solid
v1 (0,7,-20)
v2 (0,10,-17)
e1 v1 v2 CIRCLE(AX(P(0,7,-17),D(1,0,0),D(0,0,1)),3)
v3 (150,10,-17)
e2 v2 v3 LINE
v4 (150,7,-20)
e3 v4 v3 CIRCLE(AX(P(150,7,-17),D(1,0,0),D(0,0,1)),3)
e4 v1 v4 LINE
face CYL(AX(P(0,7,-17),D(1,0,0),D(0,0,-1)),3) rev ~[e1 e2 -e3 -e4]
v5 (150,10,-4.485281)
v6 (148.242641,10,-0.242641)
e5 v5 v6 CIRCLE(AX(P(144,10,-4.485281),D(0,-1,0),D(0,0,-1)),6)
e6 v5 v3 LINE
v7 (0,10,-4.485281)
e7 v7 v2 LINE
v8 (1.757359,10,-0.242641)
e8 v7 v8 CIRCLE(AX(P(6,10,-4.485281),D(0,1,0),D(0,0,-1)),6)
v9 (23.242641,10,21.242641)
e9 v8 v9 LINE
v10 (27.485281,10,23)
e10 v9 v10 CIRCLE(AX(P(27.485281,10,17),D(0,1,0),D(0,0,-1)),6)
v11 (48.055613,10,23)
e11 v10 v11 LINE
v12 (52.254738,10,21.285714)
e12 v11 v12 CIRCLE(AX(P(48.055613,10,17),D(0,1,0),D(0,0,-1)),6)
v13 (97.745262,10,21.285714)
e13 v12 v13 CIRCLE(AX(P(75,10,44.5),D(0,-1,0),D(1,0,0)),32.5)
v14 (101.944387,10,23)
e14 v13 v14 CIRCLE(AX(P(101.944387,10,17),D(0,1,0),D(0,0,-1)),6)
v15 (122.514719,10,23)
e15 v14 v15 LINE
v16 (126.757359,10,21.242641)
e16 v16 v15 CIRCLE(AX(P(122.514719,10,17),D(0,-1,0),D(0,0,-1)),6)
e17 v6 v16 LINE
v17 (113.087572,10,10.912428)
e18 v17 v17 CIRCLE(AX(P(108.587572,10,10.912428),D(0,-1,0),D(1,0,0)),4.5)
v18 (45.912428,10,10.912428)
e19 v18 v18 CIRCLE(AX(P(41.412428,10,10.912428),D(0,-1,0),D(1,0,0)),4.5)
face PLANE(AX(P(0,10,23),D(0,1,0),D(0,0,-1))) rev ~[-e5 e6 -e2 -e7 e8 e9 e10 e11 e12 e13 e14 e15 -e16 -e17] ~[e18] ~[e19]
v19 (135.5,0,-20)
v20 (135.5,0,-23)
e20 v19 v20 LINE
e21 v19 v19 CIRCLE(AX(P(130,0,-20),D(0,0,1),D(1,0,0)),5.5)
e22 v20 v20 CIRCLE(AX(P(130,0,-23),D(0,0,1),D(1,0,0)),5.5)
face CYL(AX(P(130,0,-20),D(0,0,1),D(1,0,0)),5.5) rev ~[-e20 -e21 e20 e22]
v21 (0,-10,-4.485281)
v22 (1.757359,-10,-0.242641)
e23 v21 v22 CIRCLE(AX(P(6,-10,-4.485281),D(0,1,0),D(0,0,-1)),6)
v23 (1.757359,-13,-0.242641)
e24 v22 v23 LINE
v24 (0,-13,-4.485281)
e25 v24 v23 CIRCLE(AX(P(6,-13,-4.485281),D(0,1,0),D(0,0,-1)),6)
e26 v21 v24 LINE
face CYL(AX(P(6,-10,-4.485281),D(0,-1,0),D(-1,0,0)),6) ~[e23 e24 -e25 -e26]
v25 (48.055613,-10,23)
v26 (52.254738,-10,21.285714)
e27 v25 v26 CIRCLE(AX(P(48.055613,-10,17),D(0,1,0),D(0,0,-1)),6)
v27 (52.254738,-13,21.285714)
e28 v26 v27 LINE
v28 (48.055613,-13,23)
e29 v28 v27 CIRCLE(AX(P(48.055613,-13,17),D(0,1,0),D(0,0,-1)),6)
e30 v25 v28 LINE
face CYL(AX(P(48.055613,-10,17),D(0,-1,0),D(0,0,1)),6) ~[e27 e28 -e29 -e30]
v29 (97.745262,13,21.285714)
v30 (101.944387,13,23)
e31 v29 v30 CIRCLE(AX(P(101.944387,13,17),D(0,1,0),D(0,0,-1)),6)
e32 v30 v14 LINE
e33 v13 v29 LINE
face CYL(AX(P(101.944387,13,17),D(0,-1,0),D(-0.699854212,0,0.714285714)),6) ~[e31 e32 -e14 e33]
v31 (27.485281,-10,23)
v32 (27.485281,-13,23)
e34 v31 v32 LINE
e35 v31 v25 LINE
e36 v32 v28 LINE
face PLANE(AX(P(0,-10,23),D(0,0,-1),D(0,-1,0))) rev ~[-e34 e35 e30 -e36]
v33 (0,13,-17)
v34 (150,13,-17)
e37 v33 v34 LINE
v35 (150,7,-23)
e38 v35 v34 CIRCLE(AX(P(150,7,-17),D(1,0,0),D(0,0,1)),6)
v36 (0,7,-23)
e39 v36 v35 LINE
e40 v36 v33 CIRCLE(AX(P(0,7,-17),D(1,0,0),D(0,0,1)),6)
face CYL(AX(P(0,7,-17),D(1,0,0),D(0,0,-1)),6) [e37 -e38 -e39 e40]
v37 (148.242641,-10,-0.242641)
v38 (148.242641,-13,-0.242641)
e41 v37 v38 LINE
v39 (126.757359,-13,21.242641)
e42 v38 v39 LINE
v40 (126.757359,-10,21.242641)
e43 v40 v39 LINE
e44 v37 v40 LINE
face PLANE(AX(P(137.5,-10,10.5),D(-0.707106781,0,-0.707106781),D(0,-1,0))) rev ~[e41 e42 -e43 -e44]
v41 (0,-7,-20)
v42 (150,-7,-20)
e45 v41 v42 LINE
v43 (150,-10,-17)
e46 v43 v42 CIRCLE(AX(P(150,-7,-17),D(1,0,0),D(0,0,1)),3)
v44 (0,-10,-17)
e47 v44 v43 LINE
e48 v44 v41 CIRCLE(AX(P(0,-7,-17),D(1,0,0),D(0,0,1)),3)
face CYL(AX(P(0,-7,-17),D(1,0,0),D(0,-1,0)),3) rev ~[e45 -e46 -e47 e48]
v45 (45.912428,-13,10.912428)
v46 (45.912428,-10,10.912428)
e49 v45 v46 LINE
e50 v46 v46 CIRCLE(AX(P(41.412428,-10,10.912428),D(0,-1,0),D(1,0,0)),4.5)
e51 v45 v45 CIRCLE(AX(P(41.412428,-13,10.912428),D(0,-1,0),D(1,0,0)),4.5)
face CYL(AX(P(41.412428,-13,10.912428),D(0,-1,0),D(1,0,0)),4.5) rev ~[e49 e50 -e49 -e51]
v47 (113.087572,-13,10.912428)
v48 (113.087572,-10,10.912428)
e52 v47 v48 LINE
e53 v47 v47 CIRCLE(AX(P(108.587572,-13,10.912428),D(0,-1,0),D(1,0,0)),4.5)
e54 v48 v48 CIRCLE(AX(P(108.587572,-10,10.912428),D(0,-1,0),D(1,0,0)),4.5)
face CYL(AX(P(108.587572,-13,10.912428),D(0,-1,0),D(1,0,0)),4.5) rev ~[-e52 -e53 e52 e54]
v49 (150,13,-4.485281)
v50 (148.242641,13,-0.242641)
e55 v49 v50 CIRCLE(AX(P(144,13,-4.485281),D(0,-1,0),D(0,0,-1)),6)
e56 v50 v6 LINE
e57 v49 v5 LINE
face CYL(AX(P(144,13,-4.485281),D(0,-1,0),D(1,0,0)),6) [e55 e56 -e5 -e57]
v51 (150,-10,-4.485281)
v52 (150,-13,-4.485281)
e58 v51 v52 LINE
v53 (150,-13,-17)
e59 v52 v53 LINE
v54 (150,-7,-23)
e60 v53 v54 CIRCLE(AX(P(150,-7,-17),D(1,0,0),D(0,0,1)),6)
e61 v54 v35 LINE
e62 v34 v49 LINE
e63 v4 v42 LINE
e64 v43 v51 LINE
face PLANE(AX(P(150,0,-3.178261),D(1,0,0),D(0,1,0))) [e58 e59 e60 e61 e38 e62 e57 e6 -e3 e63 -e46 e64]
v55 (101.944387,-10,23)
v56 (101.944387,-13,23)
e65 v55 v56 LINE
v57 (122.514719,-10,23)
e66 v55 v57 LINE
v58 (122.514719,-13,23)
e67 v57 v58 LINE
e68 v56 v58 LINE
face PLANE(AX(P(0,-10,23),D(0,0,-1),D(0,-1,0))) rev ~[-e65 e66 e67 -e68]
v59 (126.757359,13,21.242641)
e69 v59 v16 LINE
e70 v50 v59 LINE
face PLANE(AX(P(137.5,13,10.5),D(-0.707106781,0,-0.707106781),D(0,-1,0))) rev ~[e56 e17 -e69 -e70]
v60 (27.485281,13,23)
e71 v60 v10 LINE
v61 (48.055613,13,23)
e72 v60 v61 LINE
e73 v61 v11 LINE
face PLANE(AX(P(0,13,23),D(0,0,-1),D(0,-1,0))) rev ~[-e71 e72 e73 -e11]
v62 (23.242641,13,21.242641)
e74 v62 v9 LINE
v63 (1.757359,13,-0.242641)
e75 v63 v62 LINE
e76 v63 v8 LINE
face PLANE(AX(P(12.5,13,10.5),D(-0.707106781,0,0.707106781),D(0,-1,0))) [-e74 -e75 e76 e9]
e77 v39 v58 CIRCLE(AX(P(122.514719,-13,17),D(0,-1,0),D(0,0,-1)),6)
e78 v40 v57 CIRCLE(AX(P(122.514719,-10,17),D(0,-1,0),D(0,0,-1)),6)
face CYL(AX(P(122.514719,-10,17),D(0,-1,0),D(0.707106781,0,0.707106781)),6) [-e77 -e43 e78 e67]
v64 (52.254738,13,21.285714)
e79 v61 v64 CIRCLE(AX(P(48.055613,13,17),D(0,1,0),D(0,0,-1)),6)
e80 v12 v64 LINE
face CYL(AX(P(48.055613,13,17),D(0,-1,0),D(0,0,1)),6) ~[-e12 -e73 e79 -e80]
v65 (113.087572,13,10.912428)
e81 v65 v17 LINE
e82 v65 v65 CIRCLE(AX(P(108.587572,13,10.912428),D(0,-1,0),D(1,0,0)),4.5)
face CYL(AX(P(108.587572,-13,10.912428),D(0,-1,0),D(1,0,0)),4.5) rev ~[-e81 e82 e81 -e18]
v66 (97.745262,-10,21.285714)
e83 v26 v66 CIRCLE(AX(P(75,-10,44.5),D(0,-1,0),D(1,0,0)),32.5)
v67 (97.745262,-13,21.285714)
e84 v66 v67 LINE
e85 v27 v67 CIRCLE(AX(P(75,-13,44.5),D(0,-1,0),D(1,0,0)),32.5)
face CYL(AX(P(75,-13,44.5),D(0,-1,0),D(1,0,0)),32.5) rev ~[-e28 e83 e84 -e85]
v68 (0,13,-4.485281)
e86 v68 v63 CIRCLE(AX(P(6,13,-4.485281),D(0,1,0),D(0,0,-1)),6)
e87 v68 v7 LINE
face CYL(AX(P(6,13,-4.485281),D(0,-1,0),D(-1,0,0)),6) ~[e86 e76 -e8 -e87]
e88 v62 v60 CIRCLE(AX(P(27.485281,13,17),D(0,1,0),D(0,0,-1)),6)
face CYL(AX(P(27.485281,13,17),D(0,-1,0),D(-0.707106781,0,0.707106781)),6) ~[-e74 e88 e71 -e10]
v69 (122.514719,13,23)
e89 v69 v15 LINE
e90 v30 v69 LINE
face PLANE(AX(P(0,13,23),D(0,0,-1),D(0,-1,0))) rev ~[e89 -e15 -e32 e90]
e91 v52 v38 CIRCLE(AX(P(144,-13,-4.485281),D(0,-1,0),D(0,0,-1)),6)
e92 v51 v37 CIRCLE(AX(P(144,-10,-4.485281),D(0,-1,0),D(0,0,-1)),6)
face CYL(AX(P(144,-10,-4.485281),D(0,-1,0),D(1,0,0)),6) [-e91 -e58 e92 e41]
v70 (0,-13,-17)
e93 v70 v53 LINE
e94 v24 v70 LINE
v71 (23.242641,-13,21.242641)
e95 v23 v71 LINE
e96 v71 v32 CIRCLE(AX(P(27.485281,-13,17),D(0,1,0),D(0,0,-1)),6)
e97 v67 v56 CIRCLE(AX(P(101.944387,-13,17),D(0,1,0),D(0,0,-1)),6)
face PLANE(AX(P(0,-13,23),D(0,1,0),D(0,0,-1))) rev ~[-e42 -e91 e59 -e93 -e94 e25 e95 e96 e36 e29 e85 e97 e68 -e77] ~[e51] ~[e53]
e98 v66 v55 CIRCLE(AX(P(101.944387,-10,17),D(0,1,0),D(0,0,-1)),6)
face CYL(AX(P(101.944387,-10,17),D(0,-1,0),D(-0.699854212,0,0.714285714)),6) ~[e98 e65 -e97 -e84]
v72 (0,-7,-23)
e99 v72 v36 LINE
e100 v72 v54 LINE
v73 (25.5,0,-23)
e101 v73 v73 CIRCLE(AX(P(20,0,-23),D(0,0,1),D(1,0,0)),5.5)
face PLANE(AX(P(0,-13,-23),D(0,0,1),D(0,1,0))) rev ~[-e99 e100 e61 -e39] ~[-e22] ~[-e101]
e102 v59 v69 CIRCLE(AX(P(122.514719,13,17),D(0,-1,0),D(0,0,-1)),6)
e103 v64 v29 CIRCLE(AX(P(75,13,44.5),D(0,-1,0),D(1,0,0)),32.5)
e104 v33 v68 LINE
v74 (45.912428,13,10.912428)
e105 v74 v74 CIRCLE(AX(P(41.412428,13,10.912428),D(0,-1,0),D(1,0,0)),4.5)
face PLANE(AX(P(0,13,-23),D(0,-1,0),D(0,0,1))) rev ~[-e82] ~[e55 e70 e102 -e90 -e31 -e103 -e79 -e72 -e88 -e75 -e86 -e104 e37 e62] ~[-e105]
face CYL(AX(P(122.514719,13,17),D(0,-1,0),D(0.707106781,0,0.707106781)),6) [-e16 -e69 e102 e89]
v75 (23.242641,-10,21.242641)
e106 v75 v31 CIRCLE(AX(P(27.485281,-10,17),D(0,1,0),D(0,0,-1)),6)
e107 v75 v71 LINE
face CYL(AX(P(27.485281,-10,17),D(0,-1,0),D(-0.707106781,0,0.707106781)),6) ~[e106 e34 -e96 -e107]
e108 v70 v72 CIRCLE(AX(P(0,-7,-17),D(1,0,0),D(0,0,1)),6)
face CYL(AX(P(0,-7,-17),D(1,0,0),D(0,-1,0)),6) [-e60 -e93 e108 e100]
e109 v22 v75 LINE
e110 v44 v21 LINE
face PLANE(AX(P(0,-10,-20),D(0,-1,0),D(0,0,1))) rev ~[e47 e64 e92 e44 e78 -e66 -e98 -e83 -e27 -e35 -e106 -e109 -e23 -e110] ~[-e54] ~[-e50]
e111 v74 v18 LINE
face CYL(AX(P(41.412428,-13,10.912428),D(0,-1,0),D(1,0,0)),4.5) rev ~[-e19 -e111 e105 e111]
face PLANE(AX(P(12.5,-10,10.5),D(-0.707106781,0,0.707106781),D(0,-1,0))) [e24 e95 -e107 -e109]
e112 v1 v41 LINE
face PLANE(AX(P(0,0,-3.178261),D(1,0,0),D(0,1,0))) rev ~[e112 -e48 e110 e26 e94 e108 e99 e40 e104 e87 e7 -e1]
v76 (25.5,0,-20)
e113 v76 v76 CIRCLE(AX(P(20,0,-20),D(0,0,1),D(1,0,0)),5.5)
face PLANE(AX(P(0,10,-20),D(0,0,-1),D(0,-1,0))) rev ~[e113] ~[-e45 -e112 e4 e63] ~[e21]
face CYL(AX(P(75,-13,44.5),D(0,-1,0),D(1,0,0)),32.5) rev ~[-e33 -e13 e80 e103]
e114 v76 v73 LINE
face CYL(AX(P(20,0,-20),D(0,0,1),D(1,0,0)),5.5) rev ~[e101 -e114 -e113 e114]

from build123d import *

# Parameters (mm, degrees)
F1_DEPTH = 150
F2_R     = 32.5
F2_R_2   = 4.5
F3_DEPTH = 50
F4_R     = 5.5
F5_DEPTH = 25
F6_SIZE  = 25
F7_R     = 6
F8_DEPTH = 25
F9_R     = 3


with BuildPart() as f1:
    # F0 (on Right) → F1 (new body)
    with BuildSketch(Plane.YZ):
        Polygon((-13, -23), (13, -23), (13, 23), (10, 23), (10, -20), (-10, -20), (-10, 23), (-13, 23), align=None)
    extrude(amount=F1_DEPTH)

    # F2 (on face) → F3 (cut)
    with BuildSketch(Plane.XZ.offset(13)):
        with Locations((75, 44.5)):
            Circle(F2_R)
        with Locations((108.5875721064, 10.9124278936)):
            Circle(F2_R_2)
        with Locations((41.4124278936, 10.9124278936)):
            Circle(F2_R_2)
    extrude(amount=-F3_DEPTH, mode=Mode.SUBTRACT)

    # F4 (on face) → F5 (cut)
    with BuildSketch(Plane.XY.offset(-20)):
        with Locations((20, 0)):
            Circle(F4_R)
        with Locations((130, 0)):
            Circle(F4_R)
    extrude(amount=-F5_DEPTH, mode=Mode.SUBTRACT)

    # F6
    f6_edges = [f1.edges().sort_by_distance(p)[0] for p in [
        (0, 11.5, 23),
        (0, -11.5, 23),
        (150, -11.5, 23),
        (150, 11.5, 23),
    ]]
    chamfer(f6_edges, length=F6_SIZE)

    # F7
    f7_edges = [f1.edges().sort_by_distance(p)[0] for p in [
        (0, -11.5, -2),
        (0, 11.5, -2),
        (25, 11.5, 23),
        (25, -11.5, 23),
        (99.372115, -11.5, 23),
        (50.627885, -11.5, 23),
        (50.627885, 11.5, 23),
        (99.372115, 11.5, 23),
        (125, -11.5, 23),
        (125, 11.5, 23),
        (150, 11.5, -2),
        (150, -11.5, -2),
        (75, -13, -23),
        (75, 13, -23),
    ]]
    fillet(f7_edges, radius=F7_R)

    # F2 (on face) → F8 (cut)
    with BuildSketch(Plane.XZ.offset(13)):
        with Locations((75, 44.5)):
            Circle(F2_R)
        with Locations((108.5875721064, 10.9124278936)):
            Circle(F2_R_2)
        with Locations((41.4124278936, 10.9124278936)):
            Circle(F2_R_2)
    extrude(amount=-F8_DEPTH, mode=Mode.SUBTRACT)

    # F9
    f9_edges = [f1.edges().sort_by_distance(p)[0] for p in [
        (75, 10, -20),
        (75, -10, -20),
    ]]
    fillet(f9_edges, radius=F9_R)


solid = f1.part
